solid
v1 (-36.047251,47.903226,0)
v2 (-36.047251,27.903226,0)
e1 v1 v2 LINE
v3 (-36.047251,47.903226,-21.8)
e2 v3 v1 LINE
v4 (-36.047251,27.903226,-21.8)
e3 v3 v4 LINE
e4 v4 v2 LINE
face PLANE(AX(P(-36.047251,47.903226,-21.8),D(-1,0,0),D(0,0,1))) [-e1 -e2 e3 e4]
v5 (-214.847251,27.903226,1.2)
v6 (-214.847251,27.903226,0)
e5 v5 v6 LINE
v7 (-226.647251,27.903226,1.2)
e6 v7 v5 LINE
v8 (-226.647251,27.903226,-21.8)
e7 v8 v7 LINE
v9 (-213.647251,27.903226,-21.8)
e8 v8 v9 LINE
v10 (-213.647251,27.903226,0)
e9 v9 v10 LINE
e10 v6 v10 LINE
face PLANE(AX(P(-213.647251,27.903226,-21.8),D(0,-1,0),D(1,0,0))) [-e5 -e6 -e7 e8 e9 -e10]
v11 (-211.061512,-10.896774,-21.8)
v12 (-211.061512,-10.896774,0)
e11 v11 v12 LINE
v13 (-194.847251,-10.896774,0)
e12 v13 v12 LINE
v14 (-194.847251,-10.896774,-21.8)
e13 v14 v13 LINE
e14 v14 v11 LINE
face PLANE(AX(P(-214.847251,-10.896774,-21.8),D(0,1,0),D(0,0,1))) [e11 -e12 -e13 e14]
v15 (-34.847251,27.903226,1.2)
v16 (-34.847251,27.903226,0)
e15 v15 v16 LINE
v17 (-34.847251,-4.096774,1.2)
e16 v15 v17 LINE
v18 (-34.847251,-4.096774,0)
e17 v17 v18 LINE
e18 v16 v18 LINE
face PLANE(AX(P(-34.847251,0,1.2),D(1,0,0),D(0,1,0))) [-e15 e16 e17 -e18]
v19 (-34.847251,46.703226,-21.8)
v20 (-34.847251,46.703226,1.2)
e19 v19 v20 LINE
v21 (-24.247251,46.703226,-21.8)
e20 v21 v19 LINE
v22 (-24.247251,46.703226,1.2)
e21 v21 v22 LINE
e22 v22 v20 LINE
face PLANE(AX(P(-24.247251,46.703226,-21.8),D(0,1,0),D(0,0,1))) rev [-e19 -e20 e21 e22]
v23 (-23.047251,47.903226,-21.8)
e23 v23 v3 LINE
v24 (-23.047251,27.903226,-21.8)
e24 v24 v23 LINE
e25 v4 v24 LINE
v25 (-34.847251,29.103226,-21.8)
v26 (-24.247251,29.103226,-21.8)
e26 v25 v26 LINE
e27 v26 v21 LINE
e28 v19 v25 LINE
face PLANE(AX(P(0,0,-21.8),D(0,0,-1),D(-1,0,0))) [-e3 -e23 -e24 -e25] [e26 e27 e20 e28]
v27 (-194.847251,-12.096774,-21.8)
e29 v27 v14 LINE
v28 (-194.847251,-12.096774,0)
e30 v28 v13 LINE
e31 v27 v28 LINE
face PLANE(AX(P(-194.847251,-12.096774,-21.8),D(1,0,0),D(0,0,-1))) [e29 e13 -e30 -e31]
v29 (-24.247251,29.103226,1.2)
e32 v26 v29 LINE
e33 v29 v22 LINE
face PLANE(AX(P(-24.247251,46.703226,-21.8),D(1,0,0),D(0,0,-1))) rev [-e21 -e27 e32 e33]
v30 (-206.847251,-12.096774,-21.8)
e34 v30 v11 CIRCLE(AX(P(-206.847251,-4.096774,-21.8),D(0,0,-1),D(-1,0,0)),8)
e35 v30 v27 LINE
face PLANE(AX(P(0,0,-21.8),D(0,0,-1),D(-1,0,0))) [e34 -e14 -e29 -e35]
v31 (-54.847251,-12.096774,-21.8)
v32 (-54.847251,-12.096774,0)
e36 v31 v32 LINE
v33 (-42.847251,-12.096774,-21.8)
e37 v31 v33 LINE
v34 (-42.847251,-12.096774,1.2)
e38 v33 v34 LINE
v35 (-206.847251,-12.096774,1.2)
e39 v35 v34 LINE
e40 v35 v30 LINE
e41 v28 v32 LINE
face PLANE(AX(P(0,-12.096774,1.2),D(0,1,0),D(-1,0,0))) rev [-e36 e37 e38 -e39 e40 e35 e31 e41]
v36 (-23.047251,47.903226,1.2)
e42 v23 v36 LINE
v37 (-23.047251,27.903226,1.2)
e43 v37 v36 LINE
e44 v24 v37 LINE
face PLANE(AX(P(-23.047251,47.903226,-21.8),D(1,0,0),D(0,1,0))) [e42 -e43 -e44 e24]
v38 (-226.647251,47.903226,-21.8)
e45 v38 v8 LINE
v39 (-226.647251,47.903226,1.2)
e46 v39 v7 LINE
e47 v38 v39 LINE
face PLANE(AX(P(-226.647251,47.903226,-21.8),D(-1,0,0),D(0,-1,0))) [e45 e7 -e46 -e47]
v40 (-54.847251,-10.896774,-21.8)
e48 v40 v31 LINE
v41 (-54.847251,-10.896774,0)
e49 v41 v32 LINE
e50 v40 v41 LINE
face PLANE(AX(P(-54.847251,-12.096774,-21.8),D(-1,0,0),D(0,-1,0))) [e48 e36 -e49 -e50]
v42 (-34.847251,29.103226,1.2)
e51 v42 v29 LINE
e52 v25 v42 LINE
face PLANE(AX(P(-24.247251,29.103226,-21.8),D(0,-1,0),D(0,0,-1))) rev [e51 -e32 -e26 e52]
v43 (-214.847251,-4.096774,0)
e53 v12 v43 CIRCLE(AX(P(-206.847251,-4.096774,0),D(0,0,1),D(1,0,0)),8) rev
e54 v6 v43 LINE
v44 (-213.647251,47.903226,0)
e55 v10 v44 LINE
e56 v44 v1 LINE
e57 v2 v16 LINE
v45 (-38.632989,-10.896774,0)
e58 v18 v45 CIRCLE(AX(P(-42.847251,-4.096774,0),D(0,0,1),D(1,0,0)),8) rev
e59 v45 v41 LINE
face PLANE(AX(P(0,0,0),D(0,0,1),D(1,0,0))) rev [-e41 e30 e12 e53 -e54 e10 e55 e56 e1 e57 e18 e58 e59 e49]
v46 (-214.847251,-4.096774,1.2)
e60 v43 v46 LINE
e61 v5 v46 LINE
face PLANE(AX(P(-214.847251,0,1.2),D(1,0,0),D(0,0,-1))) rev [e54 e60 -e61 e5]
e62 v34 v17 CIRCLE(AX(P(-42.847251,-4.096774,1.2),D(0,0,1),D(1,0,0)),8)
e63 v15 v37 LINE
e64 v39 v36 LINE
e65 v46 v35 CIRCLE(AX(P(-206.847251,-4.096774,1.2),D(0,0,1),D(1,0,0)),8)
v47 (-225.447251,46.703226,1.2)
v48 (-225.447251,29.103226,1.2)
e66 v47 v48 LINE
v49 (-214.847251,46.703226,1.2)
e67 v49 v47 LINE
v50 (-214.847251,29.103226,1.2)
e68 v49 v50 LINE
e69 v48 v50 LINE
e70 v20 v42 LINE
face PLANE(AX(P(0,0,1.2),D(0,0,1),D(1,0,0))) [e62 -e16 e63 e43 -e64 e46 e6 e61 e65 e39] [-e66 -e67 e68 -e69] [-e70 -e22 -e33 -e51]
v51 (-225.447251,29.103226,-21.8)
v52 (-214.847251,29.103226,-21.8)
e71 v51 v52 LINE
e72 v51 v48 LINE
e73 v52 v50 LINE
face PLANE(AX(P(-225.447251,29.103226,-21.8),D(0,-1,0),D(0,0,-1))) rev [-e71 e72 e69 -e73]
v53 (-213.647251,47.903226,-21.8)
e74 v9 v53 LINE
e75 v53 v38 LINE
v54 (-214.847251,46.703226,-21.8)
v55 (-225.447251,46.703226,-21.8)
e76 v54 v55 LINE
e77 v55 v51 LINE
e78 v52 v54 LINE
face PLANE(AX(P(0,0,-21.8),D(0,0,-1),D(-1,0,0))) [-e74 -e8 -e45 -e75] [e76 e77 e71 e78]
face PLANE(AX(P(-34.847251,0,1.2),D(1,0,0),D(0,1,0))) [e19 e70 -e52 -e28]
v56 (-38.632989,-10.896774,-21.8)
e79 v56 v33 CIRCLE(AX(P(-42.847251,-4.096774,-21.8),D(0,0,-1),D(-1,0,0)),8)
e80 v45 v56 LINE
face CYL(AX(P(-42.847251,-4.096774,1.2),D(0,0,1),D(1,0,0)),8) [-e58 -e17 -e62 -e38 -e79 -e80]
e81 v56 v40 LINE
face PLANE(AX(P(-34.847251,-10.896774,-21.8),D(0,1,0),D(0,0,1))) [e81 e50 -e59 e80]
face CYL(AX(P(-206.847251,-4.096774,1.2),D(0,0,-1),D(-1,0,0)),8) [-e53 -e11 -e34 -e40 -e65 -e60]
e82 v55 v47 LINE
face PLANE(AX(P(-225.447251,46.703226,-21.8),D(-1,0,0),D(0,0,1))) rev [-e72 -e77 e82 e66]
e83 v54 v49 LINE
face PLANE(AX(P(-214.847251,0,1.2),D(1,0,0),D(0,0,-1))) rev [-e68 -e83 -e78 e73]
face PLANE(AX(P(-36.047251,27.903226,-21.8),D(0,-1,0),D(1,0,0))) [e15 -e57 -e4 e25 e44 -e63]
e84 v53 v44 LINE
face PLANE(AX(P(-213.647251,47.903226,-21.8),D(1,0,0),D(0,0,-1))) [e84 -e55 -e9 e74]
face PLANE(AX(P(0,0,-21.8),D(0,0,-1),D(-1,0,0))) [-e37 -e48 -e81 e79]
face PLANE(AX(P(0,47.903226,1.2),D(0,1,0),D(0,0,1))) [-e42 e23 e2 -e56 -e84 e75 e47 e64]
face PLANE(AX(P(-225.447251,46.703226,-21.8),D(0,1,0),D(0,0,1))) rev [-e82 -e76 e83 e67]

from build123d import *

# Parameters (mm, degrees)
CROQUIS1_W              = 180
CROQUIS1_H              = 60
SALIENTE_EXTRUIR1_DEPTH = 1.2
CROQUIS2_W              = 20
CROQUIS2_H              = 1.2
CROQUIS2_W_2            = 13
CROQUIS2_H_2            = 20
CROQUIS2_W_3            = 10.6
CROQUIS2_H_3            = 17.6
SALIENTE_EXTRUIR2_DEPTH = 23
REDONDEO1_R             = 8


with BuildPart() as part:
    # Croquis1 → Saliente-Extruir1 (new body)
    with BuildSketch(Plane.XY):
        with Locations((-124.847250917, 17.903225806)):
            Rectangle(CROQUIS1_W, CROQUIS1_H)
    extrude(amount=SALIENTE_EXTRUIR1_DEPTH)

    # Croquis2 → Saliente-Extruir2 (add)
    # profile 1 of 4: a face of its own
    with BuildSketch(Plane.XY.offset(1.2)):
        with Locations((-204.847250917, -11.496774194)):
            Rectangle(CROQUIS2_W, CROQUIS2_H)
    # profile 2 of 4: a face of its own
    with BuildSketch(Plane.XY.offset(1.2)):
        with Locations((-220.147250917, 37.903225806)):
            Rectangle(CROQUIS2_W_2, CROQUIS2_H_2)
        with Locations((-220.147250917, 37.903225806)):
            Rectangle(CROQUIS2_W_3, CROQUIS2_H_3, mode=Mode.SUBTRACT)
    # profile 3 of 4: a face of its own
    with BuildSketch(Plane.XY.offset(1.2)):
        with Locations((-29.547250917, 37.903225806)):
            Rectangle(CROQUIS2_W_2, CROQUIS2_H_2)
        with Locations((-29.547250917, 37.903225806)):
            Rectangle(CROQUIS2_W_3, CROQUIS2_H_3, mode=Mode.SUBTRACT)
    # profile 4 of 4: a face of its own
    with BuildSketch(Plane.XY.offset(1.2)):
        with Locations((-44.847250917, -11.496774194)):
            Rectangle(CROQUIS2_W, CROQUIS2_H)
    extrude(amount=-SALIENTE_EXTRUIR2_DEPTH)

    # Redondeo1
    redondeo1_edges = [part.edges().sort_by_distance(p)[0] for p in [
        (-34.847250917, -12.096774194, -10.3),
        (-214.847250917, -12.096774194, -10.3),
    ]]
    fillet(redondeo1_edges, radius=REDONDEO1_R)


solid = part.part
